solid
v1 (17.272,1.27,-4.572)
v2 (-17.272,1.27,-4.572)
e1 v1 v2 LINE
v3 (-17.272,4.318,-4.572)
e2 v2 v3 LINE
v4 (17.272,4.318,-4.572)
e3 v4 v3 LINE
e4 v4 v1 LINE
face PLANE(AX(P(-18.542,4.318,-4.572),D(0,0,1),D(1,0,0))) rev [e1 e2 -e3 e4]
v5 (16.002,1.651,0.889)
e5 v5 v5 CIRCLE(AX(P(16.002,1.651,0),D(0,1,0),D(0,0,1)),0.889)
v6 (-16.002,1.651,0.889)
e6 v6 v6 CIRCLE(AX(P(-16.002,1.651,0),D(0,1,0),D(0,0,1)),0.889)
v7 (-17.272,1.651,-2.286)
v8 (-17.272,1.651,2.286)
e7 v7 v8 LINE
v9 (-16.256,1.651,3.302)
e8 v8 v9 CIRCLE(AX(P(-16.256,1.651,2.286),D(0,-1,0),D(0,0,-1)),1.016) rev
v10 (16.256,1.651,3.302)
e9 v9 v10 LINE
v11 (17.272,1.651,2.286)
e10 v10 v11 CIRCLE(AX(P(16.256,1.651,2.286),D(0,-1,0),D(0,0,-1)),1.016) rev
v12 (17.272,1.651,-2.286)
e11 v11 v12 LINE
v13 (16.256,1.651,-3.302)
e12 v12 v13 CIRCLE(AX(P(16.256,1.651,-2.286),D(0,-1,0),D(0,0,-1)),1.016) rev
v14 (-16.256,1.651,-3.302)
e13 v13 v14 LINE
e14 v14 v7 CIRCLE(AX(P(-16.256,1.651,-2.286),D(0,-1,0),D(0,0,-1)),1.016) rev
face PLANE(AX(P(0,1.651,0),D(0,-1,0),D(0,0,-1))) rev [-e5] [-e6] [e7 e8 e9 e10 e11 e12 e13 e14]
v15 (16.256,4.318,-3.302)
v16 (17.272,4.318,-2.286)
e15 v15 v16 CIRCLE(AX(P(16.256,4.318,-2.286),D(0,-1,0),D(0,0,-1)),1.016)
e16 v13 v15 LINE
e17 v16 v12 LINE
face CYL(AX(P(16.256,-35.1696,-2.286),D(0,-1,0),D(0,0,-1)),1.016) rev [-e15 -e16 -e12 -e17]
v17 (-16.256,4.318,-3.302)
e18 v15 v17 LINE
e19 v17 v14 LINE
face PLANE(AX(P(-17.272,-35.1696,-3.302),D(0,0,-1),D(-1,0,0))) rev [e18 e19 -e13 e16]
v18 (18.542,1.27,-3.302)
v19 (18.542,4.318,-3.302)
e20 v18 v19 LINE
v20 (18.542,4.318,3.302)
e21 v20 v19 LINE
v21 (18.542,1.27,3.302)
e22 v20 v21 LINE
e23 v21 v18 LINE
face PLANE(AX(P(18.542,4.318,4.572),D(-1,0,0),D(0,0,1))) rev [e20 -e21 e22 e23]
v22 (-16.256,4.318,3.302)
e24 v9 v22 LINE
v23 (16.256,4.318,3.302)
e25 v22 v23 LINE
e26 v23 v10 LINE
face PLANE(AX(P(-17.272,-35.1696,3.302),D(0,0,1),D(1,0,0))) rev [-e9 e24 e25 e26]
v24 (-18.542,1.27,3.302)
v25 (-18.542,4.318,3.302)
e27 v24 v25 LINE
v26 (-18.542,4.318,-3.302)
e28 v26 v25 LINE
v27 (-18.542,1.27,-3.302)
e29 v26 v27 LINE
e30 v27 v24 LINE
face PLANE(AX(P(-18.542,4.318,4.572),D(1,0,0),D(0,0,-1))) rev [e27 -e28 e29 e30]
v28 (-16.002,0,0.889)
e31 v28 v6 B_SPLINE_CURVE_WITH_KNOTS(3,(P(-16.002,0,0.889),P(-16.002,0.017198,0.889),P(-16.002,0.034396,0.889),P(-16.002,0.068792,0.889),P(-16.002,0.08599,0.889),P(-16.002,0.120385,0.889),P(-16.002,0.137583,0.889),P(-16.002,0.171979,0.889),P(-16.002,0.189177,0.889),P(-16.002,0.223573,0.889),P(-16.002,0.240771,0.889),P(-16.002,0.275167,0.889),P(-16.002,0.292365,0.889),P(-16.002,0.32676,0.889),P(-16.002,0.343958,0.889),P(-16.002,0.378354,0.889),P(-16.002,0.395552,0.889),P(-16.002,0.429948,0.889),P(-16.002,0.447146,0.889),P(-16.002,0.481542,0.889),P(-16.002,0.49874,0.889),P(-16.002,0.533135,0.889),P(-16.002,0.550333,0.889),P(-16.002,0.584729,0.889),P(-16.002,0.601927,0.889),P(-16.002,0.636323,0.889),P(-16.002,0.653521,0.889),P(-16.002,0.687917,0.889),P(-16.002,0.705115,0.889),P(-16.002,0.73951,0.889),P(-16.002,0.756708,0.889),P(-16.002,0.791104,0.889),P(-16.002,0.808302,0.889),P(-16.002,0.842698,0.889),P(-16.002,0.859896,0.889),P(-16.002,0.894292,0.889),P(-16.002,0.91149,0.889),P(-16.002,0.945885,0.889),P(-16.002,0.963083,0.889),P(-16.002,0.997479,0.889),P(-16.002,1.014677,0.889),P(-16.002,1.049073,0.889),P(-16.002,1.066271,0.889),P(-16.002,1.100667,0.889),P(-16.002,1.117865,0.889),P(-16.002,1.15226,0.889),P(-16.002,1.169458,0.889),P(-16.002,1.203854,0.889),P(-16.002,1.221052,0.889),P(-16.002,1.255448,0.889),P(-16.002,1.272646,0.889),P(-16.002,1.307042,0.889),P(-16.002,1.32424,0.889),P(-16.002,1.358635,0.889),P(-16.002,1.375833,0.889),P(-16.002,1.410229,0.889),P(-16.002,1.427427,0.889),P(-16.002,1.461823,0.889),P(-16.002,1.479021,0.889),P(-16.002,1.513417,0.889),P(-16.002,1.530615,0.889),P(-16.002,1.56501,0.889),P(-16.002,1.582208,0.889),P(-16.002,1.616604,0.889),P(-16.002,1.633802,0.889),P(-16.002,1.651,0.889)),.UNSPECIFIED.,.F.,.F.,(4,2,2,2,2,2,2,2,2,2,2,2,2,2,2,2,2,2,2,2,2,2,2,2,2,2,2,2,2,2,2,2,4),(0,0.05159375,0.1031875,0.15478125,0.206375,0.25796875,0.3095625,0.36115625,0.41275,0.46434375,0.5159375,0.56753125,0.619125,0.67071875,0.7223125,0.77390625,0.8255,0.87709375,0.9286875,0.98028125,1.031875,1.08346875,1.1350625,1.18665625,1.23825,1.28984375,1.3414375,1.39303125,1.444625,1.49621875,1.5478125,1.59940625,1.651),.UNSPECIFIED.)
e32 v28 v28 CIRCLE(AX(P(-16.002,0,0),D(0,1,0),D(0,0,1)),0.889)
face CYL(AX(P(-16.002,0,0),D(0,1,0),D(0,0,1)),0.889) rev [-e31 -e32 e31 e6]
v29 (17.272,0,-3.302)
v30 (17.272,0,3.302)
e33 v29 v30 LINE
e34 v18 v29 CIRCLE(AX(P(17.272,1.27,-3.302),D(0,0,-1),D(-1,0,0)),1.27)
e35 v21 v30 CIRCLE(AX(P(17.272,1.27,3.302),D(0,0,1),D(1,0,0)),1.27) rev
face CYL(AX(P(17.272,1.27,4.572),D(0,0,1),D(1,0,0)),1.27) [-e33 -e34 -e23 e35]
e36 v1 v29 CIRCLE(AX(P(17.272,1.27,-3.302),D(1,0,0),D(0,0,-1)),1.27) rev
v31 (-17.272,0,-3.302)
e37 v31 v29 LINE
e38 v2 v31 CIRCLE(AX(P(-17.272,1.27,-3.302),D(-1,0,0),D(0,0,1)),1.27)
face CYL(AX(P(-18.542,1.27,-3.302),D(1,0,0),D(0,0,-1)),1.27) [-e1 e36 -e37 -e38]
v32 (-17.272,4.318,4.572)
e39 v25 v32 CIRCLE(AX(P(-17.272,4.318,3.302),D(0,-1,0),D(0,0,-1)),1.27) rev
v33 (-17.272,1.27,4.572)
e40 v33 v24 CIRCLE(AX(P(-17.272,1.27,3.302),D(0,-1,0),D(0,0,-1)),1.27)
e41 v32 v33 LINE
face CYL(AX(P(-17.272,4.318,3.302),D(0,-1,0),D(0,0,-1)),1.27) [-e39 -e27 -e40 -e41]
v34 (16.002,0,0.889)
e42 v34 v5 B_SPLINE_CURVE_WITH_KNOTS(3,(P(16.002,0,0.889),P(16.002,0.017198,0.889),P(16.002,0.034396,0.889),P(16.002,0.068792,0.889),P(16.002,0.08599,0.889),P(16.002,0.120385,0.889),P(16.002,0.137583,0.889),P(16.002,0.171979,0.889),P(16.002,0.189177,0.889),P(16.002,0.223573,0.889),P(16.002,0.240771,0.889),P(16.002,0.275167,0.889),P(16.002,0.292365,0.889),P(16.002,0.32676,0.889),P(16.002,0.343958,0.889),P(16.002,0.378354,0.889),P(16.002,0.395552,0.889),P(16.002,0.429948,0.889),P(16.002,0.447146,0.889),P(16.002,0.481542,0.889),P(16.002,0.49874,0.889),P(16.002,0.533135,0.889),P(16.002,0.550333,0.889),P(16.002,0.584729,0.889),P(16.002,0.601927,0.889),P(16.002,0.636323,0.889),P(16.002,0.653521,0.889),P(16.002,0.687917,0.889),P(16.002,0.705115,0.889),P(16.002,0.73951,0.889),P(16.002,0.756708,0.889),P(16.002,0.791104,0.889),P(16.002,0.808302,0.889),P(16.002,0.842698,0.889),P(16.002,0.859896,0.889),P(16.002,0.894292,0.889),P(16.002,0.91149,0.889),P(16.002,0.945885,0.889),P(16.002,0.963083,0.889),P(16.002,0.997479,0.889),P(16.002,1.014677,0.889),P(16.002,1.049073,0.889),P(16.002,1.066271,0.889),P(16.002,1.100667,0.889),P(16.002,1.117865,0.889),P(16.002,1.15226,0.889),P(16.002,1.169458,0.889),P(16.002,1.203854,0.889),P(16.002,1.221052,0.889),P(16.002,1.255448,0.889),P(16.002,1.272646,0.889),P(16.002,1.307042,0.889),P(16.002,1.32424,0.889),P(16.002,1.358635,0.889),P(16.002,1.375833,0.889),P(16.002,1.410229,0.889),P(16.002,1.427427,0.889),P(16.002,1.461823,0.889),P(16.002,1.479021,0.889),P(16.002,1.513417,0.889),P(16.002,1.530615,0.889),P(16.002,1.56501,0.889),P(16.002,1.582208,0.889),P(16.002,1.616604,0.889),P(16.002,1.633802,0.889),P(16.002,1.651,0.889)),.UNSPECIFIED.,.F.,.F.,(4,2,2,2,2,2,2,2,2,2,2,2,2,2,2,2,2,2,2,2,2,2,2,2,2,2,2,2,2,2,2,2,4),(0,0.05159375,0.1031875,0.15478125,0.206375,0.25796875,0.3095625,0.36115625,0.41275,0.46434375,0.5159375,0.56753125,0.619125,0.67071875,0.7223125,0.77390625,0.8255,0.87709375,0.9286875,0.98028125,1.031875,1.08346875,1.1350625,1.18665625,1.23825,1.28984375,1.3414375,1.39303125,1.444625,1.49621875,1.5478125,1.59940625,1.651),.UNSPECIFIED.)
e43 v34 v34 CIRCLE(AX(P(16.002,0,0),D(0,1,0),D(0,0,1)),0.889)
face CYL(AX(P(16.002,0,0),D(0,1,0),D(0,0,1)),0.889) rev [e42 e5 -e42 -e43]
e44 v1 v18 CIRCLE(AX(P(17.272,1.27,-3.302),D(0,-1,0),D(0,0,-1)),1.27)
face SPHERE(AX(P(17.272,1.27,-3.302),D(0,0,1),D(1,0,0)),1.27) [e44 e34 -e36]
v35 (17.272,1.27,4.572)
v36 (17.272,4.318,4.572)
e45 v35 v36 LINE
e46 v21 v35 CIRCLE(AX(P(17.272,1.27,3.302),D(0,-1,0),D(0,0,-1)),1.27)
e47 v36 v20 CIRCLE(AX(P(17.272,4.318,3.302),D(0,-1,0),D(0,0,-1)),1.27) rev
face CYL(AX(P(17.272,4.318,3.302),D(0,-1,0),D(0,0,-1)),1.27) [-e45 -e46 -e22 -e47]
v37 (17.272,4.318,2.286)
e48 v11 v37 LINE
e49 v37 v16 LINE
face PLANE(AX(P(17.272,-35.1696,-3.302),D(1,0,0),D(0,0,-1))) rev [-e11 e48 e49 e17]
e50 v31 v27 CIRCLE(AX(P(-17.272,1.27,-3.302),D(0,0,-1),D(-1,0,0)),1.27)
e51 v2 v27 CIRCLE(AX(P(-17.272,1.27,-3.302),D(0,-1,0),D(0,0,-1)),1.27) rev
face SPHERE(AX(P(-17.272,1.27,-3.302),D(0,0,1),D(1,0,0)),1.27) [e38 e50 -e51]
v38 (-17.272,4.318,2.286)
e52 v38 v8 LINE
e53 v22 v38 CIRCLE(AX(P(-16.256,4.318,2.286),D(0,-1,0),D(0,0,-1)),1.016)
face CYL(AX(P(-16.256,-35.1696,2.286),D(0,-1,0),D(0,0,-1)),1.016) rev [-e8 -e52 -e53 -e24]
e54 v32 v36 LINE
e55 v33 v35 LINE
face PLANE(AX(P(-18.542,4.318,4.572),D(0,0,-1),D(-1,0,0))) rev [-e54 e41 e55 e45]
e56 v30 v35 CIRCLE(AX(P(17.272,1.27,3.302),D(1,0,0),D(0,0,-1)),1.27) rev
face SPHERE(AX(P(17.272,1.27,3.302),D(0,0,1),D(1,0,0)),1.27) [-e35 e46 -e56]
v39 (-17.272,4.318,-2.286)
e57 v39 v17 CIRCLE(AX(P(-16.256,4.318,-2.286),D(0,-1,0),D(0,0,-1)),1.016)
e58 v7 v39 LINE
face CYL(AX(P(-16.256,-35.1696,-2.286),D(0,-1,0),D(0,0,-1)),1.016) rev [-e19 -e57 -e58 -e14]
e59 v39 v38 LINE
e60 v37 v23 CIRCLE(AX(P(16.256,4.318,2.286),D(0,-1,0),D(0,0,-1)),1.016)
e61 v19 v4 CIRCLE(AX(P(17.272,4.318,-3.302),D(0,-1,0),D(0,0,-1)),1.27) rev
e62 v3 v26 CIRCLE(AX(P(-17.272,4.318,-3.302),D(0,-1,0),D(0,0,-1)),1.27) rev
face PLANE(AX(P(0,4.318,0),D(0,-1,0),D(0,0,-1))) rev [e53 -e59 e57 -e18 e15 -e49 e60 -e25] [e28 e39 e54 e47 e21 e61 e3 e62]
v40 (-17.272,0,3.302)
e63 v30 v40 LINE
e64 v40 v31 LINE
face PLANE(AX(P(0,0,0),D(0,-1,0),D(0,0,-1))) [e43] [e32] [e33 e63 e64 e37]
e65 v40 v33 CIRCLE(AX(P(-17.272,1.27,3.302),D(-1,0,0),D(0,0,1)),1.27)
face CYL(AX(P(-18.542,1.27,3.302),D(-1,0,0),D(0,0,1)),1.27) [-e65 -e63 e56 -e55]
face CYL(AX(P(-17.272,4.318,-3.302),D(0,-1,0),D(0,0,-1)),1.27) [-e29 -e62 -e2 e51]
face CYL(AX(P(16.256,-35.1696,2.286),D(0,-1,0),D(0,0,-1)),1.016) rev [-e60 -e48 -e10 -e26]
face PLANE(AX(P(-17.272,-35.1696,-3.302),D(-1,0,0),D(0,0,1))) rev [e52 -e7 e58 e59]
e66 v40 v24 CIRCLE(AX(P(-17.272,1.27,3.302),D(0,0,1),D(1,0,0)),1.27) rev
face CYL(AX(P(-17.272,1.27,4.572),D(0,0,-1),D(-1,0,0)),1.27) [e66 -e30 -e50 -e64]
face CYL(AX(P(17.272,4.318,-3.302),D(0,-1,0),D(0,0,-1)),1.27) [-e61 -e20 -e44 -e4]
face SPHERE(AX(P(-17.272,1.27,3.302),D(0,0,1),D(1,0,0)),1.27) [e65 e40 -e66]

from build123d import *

# Parameters (mm, degrees)
SKETCH1_W           = 37.084
SKETCH1_H           = 9.144
BOSS_EXTRUDE1_DEPTH = 4.318
SKETCH2_W           = 34.544
SKETCH2_H           = 6.604
CUT_EXTRUDE3_DEPTH  = 2.667
FILLET1_R           = 1.27
FILLET2_R           = 1.016
SKETCH11_R          = 0.889
CUT_EXTRUDE4_DEPTH  = 20.282682308


with BuildPart() as part:
    # Sketch1 → Boss-Extrude1 (new body)
    with BuildSketch(Plane(origin=(0, 0, 0), x_dir=(1, 0, 0), z_dir=(0, 1, 0))):
        Rectangle(SKETCH1_W, SKETCH1_H)
    extrude(amount=BOSS_EXTRUDE1_DEPTH)

    # Sketch2 → Cut-Extrude3 (cut)
    with BuildSketch(Plane(origin=(0, 4.318, 0), x_dir=(1, 0, 0), z_dir=(0, 1, 0))):
        Rectangle(SKETCH2_W, SKETCH2_H)
    extrude(amount=-CUT_EXTRUDE3_DEPTH, mode=Mode.SUBTRACT)

    # Fillet1
    fillet1_edges = [part.edges().sort_by_distance(p)[0] for p in [
        (0, 0, 4.572),
        (-18.542, 0, 0),
        (0, 0, -4.572),
        (18.542, 0, 0),
        (18.542, 2.159, 4.572),
        (-18.542, 2.159, 4.572),
        (-18.542, 2.159, -4.572),
        (18.542, 2.159, -4.572),
    ]]
    fillet(fillet1_edges, radius=FILLET1_R)

    # Fillet2
    fillet2_edges = [part.edges().sort_by_distance(p)[0] for p in [
        (-17.272, 2.9845, -3.302),
        (-17.272, 2.9845, 3.302),
        (17.272, 2.9845, 3.302),
        (17.272, 2.9845, -3.302),
    ]]
    fillet(fillet2_edges, radius=FILLET2_R)

    # Sketch11 → Cut-Extrude4 (cut, through all)
    with BuildSketch(Plane(origin=(0, 1.651, 0), x_dir=(1, 0, 0), z_dir=(0, 1, 0))):
        with Locations(Location((-16.002, 0, 0), (0, 0, 270))):
            Circle(SKETCH11_R)
        with Locations(Location((16.002, 0, 0), (0, 0, 270))):
            Circle(SKETCH11_R)
    extrude(amount=-CUT_EXTRUDE4_DEPTH, mode=Mode.SUBTRACT)


solid = part.part
